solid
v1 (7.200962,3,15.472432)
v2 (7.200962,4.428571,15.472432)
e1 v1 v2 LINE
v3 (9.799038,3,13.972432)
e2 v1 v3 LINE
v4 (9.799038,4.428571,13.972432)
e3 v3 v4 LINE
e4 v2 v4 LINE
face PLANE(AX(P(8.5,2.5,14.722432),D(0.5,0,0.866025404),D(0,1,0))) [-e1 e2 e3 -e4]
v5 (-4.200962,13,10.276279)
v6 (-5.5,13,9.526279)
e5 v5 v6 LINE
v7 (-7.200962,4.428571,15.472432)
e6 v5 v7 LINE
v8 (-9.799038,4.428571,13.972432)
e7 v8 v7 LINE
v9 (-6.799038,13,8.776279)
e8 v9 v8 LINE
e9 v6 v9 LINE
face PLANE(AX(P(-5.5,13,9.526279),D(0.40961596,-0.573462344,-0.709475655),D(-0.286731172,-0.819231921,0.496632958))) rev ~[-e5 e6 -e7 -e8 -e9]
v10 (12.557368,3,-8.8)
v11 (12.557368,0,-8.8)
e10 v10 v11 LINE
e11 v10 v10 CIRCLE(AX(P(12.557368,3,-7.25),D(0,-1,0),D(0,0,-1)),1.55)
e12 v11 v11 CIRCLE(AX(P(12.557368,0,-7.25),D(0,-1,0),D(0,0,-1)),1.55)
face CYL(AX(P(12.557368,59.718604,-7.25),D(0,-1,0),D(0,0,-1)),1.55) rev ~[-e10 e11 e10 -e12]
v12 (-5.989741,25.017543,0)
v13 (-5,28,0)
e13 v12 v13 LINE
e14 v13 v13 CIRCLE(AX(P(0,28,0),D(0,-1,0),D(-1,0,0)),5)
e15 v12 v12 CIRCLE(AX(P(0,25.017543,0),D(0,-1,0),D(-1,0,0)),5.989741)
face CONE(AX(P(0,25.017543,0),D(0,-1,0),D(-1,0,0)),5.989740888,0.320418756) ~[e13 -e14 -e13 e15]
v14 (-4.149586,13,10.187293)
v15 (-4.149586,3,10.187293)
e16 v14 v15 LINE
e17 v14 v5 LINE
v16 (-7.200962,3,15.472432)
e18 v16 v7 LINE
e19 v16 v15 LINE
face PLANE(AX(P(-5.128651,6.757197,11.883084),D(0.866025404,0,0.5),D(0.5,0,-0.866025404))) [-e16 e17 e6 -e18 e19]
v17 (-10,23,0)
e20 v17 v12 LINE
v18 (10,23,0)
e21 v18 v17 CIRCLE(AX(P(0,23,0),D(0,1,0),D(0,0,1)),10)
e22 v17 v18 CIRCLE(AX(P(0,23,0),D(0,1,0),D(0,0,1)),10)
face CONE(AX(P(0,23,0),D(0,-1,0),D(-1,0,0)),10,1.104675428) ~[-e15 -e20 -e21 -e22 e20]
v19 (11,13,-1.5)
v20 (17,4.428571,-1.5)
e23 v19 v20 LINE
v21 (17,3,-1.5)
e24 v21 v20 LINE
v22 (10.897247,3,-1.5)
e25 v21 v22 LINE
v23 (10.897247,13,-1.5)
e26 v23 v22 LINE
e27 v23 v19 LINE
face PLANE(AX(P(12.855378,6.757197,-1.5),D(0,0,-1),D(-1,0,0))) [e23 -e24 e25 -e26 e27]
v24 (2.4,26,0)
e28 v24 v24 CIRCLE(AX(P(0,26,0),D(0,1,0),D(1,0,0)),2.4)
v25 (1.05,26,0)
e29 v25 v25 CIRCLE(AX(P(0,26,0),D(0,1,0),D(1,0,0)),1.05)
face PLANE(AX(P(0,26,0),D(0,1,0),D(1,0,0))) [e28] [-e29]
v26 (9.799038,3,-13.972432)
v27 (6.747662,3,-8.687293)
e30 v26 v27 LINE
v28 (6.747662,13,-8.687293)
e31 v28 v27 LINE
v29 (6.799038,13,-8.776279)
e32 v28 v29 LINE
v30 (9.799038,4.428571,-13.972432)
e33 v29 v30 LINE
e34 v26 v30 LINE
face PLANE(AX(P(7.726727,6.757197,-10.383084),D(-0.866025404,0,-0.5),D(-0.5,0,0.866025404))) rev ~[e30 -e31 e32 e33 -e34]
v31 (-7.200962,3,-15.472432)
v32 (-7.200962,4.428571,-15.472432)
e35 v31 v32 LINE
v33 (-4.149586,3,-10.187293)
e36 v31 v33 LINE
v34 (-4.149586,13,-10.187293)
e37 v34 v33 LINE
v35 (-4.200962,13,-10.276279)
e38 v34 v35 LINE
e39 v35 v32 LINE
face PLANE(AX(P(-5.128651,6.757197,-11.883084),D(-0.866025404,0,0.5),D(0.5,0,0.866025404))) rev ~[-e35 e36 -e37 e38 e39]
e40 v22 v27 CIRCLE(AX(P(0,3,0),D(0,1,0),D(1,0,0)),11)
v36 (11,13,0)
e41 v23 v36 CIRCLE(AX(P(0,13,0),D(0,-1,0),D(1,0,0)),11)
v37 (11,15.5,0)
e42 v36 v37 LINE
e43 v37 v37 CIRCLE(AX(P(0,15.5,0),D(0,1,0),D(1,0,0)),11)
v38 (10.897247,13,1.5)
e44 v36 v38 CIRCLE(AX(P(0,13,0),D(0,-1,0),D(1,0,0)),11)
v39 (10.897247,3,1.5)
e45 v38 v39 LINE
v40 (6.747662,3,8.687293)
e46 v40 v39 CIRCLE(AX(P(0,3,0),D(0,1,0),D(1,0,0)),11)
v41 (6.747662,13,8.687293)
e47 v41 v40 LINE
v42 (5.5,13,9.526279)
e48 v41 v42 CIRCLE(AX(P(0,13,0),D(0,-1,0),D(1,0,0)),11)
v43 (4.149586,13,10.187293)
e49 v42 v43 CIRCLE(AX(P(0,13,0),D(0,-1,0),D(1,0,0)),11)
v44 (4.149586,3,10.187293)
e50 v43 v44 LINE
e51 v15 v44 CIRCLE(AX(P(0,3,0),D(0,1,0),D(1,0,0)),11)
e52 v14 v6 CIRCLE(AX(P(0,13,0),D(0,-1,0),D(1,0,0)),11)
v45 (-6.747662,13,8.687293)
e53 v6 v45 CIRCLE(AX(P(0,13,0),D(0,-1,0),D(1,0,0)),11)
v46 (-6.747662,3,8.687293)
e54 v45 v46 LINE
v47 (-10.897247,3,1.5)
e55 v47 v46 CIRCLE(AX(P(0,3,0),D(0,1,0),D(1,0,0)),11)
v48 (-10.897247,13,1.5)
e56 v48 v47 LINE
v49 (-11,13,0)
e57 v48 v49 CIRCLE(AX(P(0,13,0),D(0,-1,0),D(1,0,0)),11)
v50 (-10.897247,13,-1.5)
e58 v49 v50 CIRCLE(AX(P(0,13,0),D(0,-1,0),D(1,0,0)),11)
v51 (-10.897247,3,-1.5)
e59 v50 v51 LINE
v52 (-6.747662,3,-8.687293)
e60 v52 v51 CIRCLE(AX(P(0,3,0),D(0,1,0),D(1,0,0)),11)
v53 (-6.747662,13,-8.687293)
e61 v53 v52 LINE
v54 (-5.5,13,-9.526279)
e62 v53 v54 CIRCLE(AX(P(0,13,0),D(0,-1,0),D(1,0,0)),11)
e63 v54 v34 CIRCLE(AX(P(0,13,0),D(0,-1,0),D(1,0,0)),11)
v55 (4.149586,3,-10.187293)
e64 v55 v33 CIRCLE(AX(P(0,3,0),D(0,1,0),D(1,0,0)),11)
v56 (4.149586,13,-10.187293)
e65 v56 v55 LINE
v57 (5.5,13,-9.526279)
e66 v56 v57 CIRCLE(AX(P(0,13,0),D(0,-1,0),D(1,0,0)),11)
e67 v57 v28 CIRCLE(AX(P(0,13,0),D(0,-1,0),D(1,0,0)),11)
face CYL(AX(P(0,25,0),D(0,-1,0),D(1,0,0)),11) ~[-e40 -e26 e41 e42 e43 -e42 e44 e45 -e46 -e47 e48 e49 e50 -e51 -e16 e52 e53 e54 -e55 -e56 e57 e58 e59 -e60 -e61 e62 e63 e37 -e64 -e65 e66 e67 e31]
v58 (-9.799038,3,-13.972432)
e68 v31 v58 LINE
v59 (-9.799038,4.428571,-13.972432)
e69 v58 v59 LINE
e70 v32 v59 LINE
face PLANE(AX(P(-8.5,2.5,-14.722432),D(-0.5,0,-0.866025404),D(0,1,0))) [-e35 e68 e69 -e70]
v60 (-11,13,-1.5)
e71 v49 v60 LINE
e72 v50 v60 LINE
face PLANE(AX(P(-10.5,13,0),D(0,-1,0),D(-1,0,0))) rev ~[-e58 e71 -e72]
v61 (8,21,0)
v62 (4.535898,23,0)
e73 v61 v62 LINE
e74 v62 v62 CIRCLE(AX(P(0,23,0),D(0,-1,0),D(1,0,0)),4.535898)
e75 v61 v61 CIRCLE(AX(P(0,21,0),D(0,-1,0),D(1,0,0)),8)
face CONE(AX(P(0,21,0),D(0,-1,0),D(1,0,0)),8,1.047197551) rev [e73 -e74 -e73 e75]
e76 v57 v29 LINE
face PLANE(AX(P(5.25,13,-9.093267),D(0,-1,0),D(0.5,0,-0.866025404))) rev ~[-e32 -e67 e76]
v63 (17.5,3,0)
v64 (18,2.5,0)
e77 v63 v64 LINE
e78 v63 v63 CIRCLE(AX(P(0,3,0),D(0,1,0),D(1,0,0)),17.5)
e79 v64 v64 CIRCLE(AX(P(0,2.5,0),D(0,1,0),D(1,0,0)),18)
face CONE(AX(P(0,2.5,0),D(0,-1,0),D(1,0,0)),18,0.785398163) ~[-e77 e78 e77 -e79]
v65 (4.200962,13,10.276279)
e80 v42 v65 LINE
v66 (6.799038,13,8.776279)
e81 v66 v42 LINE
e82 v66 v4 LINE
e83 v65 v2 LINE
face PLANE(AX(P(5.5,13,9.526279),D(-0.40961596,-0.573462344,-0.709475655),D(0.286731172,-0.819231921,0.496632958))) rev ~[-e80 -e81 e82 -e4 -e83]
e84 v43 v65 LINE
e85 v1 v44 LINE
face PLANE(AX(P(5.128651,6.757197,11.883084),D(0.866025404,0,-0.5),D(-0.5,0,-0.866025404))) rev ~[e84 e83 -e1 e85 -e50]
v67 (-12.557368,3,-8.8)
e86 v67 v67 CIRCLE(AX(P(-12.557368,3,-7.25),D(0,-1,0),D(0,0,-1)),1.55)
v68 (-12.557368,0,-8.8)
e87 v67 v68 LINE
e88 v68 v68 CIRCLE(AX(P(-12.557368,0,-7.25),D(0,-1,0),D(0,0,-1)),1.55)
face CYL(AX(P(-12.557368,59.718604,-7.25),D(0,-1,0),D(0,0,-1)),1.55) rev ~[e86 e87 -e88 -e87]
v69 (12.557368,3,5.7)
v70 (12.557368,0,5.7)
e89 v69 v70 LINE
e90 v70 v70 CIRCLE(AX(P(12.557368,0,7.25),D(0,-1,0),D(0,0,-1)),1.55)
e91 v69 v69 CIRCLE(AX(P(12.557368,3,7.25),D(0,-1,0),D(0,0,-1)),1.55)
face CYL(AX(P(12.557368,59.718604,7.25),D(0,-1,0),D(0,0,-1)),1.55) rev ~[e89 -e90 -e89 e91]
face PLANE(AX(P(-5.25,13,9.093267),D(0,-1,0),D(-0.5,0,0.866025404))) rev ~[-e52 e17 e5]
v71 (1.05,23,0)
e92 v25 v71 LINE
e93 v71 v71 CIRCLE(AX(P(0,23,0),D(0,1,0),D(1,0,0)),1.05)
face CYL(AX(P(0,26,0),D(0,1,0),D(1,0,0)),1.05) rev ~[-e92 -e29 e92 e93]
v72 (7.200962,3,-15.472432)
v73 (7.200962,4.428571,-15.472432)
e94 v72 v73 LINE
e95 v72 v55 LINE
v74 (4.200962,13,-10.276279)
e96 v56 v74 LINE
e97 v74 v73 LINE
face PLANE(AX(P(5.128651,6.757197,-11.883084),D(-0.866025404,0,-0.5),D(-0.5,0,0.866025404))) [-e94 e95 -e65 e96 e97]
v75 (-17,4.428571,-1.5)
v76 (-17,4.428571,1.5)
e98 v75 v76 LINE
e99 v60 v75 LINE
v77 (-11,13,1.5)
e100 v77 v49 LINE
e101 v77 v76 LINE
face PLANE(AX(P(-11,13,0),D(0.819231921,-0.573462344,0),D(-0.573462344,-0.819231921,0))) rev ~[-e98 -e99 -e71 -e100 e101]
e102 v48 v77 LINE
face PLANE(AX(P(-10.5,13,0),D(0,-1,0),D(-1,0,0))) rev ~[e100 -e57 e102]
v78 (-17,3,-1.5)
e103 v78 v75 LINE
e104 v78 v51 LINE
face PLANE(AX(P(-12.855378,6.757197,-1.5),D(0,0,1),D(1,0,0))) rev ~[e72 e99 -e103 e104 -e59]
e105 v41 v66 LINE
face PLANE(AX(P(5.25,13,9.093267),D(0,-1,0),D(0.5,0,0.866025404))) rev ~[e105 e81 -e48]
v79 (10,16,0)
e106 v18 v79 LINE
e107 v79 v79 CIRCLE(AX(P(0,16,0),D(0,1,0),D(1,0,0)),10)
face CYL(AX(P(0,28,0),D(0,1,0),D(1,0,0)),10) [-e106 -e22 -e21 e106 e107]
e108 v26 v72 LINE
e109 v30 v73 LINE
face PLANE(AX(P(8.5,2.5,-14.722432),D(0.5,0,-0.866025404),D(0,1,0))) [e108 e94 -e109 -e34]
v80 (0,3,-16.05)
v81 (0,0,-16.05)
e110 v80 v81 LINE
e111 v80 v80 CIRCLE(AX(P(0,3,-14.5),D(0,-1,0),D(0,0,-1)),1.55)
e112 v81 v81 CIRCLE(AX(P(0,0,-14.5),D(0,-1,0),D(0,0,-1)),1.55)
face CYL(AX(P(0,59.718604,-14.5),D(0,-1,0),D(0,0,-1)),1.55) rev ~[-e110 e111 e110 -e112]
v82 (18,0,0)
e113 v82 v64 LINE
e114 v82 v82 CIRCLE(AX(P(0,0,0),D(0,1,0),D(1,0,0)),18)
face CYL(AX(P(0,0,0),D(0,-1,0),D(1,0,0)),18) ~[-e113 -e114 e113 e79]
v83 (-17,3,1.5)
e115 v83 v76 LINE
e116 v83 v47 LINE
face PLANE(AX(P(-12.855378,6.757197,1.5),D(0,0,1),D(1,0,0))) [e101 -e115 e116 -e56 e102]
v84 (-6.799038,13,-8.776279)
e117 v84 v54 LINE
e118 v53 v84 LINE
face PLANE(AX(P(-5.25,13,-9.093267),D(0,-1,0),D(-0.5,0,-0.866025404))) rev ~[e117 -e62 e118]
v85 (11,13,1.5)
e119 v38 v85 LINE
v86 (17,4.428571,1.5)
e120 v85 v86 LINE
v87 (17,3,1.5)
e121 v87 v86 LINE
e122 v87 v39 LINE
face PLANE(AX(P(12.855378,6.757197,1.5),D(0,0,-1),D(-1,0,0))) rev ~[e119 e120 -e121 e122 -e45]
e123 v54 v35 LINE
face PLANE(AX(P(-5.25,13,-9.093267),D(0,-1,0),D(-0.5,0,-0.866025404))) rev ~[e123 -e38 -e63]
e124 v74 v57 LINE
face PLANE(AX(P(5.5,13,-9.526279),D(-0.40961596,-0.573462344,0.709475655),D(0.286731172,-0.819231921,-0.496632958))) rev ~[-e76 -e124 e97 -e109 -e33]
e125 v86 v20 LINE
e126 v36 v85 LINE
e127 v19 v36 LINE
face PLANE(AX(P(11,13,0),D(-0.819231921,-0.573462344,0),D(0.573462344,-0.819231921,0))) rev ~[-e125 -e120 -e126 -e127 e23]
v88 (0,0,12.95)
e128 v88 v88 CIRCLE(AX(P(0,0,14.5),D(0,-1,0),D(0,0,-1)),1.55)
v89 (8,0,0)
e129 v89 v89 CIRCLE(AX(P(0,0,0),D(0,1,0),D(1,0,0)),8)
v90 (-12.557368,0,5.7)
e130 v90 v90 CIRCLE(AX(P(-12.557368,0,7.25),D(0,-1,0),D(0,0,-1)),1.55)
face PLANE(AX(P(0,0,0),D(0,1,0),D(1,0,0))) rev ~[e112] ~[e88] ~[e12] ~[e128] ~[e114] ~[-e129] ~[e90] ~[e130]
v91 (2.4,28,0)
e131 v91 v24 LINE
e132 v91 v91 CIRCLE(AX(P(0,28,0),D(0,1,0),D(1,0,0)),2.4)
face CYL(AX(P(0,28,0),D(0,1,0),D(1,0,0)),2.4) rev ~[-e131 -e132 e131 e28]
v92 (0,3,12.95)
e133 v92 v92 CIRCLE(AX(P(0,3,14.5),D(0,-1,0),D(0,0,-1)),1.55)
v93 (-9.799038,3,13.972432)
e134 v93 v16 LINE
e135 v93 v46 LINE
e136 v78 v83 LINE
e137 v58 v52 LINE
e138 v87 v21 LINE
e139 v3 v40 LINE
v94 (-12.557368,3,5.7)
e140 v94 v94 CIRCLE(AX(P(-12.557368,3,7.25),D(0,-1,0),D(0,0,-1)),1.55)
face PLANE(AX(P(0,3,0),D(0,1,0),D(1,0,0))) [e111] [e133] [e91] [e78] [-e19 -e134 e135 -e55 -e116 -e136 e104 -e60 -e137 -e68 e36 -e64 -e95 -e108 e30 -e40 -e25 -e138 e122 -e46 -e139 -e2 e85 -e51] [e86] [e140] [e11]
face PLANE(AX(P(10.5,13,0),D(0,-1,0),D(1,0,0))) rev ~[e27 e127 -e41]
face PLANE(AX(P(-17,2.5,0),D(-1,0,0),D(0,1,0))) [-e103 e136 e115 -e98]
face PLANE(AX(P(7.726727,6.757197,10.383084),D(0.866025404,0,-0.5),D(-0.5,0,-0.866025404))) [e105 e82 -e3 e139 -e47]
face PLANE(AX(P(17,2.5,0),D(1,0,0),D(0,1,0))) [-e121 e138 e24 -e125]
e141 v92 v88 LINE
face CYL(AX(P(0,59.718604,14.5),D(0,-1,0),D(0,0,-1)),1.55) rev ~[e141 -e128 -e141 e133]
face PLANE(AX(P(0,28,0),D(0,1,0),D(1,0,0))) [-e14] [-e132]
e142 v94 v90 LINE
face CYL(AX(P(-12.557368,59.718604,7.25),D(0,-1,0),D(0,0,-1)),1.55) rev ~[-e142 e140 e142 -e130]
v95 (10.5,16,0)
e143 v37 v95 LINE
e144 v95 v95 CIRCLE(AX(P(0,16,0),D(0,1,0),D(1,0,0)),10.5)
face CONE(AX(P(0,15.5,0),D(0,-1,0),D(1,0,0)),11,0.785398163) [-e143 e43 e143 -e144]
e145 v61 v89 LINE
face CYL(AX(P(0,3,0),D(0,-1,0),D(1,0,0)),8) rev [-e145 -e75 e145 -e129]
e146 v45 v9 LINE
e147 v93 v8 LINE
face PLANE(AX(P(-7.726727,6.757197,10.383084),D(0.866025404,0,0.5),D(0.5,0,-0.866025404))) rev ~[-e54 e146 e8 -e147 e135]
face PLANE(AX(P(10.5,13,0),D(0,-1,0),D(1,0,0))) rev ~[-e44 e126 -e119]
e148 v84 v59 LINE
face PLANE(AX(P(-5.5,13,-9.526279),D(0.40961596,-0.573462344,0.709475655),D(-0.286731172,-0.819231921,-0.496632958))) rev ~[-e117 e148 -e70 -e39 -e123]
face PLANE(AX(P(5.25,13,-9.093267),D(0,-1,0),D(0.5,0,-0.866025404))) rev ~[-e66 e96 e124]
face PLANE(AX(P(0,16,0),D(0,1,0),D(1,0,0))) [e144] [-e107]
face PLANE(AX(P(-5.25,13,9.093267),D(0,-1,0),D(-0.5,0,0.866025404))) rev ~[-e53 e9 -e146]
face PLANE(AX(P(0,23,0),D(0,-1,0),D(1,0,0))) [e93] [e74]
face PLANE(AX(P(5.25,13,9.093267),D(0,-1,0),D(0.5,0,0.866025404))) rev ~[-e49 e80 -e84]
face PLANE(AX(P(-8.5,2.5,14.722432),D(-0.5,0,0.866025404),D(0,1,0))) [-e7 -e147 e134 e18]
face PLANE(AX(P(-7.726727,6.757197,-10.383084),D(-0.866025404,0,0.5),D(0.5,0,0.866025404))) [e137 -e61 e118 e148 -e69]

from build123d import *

# Parameters (mm, degrees)
SKETCH1_R                = 18
SKETCH1_R_2              = 8
BOSS_EXTRUDE1_DEPTH      = 3
SKETCH2_R                = 11
SKETCH2_R_2              = 8
BOSS_EXTRUDE2_DEPTH      = 22
M_0_295_DIAMETER_HOLE1_D = 3.099999896
BOSS_EXTRUDE3_DEPTH      = 1.5
CIRPATTERN1_COUNT        = 6
CHAMFER2_SIZE            = 0.5
SKETCH6_R                = 11
BOSS_EXTRUDE4_DEPTH      = 3
SKETCH8_R                = 8
BOSS_EXTRUDE5_DEPTH      = 2
CHAMFER3_SIZE            = 6
SKETCH7_R                = 2.4
CUT_EXTRUDE1_DEPTH       = 2
CUT_EXTRUDE2_REACH       = 28
SKETCH9_R                = 1.05
SKETCH10_R               = 11
SKETCH10_R_2             = 10
CUT_EXTRUDE3_DEPTH       = 12
CHAMFER4_SIZE            = 0.5
CHAMFER5_SIZE            = 2
CHAMFER5_SIZE2           = 3.464101615


with BuildPart() as part:
    # Sketch1 → Boss-Extrude1 (new body)
    with BuildSketch(Plane(origin=(0, 0, 0), x_dir=(1, 0, 0), z_dir=(0, 1, 0))):
        Circle(SKETCH1_R)
        Circle(SKETCH1_R_2, mode=Mode.SUBTRACT)
    extrude(amount=BOSS_EXTRUDE1_DEPTH)

    # Sketch2 → Boss-Extrude2 (add)
    with BuildSketch(Plane(origin=(0, 3, 0), x_dir=(1, 0, 0), z_dir=(0, 1, 0))):
        Circle(SKETCH2_R)
        Circle(SKETCH2_R_2, mode=Mode.SUBTRACT)
    extrude(amount=BOSS_EXTRUDE2_DEPTH)

    # M (0.295) Diameter Hole1 (through all)
    with Locations(Plane(origin=(0, 3, 14.5), x_dir=(0, 0, 1), z_dir=(0, 1, 0))):
        with Locations((0, 0), (-7.25, -12.557368355), (-7.25, 12.557368355), (-21.75, 12.557368355), (-29, 0), (-21.75, -12.557368355)):
            Hole(M_0_295_DIAMETER_HOLE1_D / 2)

    # Sketch5 → Boss-Extrude3 (add, symmetric)
    with BuildSketch(Plane.XY):
        Polygon((11, 13), (17, 4.428571429), (17, 3), (17, 2.5), (10.5, 2.5), (10.5, 13), align=None)
    boss_extrude3 = extrude(amount=BOSS_EXTRUDE3_DEPTH, both=True)

    # CirPattern1: Boss-Extrude3 ×6 about axis
    cirpattern1_axis = Axis((0, 0, 0), (0, 1, 0))
    for i in range(1, CIRPATTERN1_COUNT):
        add(boss_extrude3.rotate(cirpattern1_axis, i * 360 / CIRPATTERN1_COUNT))

    # Chamfer2
    chamfer2_edges = [part.edges().sort_by_distance(p)[0] for p in [
        (-18, 3, 0),
    ]]
    chamfer(chamfer2_edges, length=CHAMFER2_SIZE)

    # Sketch6 → Boss-Extrude4 (add)
    with BuildSketch(Plane(origin=(0, 25, 0), x_dir=(1, 0, 0), z_dir=(0, 1, 0))):
        Circle(SKETCH6_R)
    extrude(amount=BOSS_EXTRUDE4_DEPTH)

    # Sketch8 → Boss-Extrude5 (add)
    with BuildSketch(Plane.XZ.offset(-25)):
        Circle(SKETCH8_R)
    extrude(amount=BOSS_EXTRUDE5_DEPTH)

    # Chamfer3
    chamfer3_edges = [part.edges().sort_by_distance(p)[0] for p in [
        (-11, 28, 0),
    ]]
    chamfer(chamfer3_edges, length=CHAMFER3_SIZE)

    # Sketch7 → Cut-Extrude1 (cut)
    with BuildSketch(Plane(origin=(0, 28, 0), x_dir=(1, 0, 0), z_dir=(0, 1, 0))):
        Circle(SKETCH7_R)
    extrude(amount=-CUT_EXTRUDE1_DEPTH, mode=Mode.SUBTRACT)

    # Sketch9 → Cut-Extrude2 (cut, up to next)
    with BuildSketch(Plane(origin=(0, 26, 0), x_dir=(1, 0, 0), z_dir=(0, 1, 0)), mode=Mode.PRIVATE) as cut_extrude2_sk1:
        Circle(SKETCH9_R)
    cut_extrude2_tool1 = extrude(cut_extrude2_sk1.sketch, amount=-CUT_EXTRUDE2_REACH, mode=Mode.PRIVATE) & part.part
    add(cut_extrude2_tool1.solids().sort_by_distance((0, 26, 0))[0], mode=Mode.SUBTRACT)

    # Sketch10 → Cut-Extrude3 (cut)
    with BuildSketch(Plane(origin=(0, 28, 0), x_dir=(1, 0, 0), z_dir=(0, 1, 0))):
        Circle(SKETCH10_R)
        Circle(SKETCH10_R_2, mode=Mode.SUBTRACT)
    extrude(amount=-CUT_EXTRUDE3_DEPTH, mode=Mode.SUBTRACT)

    # Chamfer4
    chamfer4_edges = [part.edges().sort_by_distance(p)[0] for p in [
        (-11, 16, 0),
    ]]
    chamfer(chamfer4_edges, length=CHAMFER4_SIZE)

    # Sketch11 → Cut-Revolve1 (revolve, cut)
    with BuildSketch(Plane.XY):
        Polygon((-5, 28), (-5, 29.257596247), (-10, 29.257596247), (-10, 23), (-5.989740888, 25.017543101), align=None)
    revolve(axis=Axis((0, 18, 0), (0, -1, 0)), mode=Mode.SUBTRACT)

    # Chamfer5
    chamfer5_edges = [part.edges().sort_by_distance(p)[0] for p in [
        (-8, 23, 0),
    ]]
    chamfer5_side = [part.faces().sort_by_distance(p)[0] for p in [
        (-8, 11.5, 0),
    ]]
    chamfer(chamfer5_edges, length=CHAMFER5_SIZE, length2=CHAMFER5_SIZE2, reference=chamfer5_side[0])


solid = part.part
